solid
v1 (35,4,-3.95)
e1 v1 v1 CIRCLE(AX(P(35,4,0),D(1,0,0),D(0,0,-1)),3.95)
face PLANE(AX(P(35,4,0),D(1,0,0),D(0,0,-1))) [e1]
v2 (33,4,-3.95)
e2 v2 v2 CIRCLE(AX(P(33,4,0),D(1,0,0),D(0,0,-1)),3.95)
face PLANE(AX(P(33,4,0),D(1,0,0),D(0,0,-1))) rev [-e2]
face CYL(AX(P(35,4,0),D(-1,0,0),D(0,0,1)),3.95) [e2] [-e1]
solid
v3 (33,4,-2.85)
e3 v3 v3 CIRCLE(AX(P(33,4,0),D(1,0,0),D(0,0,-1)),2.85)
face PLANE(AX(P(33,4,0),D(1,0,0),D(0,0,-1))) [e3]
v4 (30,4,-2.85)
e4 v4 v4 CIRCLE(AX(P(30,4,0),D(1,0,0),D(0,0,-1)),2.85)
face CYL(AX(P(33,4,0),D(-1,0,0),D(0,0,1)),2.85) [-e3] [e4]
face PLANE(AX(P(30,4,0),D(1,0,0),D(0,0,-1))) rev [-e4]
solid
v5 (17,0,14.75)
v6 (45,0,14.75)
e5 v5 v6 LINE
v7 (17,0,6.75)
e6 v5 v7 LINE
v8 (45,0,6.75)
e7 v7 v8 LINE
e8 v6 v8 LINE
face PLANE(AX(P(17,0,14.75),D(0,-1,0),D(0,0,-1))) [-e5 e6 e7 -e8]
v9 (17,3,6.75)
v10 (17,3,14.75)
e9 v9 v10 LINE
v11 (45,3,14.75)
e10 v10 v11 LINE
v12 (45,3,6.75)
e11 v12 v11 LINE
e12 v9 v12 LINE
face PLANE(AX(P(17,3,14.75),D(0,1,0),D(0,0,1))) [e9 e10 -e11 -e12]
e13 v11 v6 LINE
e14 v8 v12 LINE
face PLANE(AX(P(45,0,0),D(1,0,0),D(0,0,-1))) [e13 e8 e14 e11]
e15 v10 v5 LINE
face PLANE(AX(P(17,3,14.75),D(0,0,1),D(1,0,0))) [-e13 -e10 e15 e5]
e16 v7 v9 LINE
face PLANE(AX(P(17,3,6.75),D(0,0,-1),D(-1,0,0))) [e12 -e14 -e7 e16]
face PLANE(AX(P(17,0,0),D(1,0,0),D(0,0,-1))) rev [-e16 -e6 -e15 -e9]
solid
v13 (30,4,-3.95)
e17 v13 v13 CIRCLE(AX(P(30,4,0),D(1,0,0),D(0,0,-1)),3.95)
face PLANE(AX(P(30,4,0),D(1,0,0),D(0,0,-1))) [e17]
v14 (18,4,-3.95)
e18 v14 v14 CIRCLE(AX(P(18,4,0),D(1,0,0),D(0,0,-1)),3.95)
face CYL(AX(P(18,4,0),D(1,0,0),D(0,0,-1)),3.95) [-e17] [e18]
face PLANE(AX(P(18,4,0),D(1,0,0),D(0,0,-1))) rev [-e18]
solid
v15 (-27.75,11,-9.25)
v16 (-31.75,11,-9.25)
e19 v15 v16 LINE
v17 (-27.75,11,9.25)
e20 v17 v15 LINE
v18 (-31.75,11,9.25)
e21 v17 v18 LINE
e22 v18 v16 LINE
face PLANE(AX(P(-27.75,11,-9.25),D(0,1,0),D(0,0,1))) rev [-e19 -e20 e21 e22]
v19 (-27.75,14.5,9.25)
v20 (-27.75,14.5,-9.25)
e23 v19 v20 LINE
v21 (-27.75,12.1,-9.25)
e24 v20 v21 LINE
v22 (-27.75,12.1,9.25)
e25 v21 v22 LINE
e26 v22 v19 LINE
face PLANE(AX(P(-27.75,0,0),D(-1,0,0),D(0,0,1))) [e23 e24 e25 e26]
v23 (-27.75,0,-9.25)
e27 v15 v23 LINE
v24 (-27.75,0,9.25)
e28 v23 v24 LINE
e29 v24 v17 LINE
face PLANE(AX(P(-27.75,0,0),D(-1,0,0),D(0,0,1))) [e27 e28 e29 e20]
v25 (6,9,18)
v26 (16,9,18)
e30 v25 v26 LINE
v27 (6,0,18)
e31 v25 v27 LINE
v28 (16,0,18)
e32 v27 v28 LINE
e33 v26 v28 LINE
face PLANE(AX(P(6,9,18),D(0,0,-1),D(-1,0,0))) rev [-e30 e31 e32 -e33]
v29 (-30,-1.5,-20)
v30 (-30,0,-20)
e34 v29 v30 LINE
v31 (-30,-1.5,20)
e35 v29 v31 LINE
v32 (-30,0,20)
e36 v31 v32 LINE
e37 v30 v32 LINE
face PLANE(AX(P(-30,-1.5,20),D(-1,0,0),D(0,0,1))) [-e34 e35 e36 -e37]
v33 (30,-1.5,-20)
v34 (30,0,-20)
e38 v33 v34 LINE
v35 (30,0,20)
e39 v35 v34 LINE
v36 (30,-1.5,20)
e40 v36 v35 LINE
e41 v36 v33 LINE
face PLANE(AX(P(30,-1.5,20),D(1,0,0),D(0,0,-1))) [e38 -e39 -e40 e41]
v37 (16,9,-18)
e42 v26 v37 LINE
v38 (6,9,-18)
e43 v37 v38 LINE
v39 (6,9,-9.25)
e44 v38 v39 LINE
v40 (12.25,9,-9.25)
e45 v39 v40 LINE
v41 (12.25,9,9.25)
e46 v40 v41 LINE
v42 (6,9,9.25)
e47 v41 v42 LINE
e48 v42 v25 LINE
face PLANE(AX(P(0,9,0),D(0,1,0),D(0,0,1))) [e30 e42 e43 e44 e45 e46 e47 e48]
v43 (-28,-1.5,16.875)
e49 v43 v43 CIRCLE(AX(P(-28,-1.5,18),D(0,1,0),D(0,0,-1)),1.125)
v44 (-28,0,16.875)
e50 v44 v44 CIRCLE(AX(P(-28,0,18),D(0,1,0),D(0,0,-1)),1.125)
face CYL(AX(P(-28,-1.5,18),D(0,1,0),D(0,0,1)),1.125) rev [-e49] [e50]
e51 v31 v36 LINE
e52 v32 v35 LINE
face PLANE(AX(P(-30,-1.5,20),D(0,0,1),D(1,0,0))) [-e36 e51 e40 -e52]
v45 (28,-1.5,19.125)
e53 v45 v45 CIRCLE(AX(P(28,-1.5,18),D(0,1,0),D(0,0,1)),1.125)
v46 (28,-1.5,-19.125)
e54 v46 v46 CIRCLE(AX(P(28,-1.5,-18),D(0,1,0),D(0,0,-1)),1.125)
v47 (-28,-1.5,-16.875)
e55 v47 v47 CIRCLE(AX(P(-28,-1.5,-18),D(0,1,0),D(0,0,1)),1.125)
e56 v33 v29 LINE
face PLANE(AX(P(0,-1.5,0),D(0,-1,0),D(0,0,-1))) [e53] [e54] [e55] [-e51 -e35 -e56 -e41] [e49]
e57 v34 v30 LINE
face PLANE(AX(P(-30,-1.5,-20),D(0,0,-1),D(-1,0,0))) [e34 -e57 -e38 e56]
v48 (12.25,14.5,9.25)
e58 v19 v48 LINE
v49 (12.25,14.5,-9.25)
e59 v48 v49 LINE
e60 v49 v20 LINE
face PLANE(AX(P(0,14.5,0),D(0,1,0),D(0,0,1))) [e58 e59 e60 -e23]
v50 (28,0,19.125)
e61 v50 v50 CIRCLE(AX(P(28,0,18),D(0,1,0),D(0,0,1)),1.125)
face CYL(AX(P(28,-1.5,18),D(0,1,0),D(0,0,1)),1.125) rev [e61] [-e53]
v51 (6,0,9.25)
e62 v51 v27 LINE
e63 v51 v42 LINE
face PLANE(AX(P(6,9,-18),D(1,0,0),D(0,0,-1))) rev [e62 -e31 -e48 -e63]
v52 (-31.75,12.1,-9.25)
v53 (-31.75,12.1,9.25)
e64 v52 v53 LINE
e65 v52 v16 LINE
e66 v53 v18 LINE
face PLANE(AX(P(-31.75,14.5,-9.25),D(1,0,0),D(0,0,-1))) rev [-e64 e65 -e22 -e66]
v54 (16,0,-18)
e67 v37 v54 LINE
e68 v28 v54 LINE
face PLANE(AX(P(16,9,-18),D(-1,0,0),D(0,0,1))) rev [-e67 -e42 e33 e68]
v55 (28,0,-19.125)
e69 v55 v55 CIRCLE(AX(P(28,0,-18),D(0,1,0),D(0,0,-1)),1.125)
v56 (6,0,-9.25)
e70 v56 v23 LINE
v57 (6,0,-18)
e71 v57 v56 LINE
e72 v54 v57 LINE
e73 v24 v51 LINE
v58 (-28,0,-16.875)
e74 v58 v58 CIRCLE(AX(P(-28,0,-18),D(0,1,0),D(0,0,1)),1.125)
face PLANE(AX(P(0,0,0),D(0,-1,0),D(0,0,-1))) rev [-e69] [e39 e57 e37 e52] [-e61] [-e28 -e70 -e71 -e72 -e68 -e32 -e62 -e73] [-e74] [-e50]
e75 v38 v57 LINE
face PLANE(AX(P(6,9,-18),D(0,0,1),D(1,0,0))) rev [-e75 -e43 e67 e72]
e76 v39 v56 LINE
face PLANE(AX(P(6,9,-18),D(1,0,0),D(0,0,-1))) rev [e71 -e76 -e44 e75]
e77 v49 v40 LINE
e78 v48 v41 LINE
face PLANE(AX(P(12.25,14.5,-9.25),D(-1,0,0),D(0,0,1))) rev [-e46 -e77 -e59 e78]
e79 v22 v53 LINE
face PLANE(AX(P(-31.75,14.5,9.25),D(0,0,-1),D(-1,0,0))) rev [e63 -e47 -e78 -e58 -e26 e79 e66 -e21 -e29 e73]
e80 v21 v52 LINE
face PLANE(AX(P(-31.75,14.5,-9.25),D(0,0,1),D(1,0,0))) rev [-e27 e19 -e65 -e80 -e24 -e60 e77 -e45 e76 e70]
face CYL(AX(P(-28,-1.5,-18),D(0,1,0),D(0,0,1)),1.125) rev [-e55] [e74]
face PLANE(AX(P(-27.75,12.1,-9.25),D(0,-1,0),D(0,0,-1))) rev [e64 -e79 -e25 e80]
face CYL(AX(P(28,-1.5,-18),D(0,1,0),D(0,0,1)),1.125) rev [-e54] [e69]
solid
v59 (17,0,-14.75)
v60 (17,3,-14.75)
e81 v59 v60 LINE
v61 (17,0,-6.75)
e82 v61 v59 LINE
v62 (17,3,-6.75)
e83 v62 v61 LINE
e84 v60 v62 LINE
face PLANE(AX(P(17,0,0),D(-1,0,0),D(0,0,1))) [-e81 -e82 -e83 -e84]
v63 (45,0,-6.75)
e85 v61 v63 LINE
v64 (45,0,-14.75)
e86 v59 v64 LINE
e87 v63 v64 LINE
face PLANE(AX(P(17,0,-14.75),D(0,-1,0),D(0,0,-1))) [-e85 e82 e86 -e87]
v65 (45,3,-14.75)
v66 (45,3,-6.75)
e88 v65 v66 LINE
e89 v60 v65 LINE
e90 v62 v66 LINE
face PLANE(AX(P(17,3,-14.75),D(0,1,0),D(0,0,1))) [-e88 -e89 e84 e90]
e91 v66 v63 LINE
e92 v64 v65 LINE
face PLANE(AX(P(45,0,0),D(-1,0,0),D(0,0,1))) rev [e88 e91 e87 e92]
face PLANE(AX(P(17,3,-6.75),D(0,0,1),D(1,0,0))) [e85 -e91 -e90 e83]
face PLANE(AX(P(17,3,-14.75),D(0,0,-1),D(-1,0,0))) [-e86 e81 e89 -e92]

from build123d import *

# Parameters (mm, degrees)
SKETCH1_W                  = 60
SKETCH1_H                  = 40
SKETCH1_R                  = 1.125
BOSS_EXTRUDE1_DEPTH        = 1.5
SKETCH2_R                  = 3.95
BOSS_EXTRUDE2_DEPTH        = 12
SKETCH4_R                  = 2.85
BOSS_EXTRUDE3_DEPTH        = 3
BOSS_EXTRUDE4_START        = 3
SKETCH2_2_R                = 3.95
BOSS_EXTRUDE4_DEPTH        = 2
BOSS_EXTRUDE5_DEPTH        = 15
BOSS_EXTRUDE5_DEPTH_BACK   = 13
SKETCH5_W                  = 8
SKETCH5_H                  = 3
BOSS_EXTRUDE5_2_DEPTH      = 15
BOSS_EXTRUDE5_2_DEPTH_BACK = 13
SKETCH6_W                  = 10
SKETCH6_H                  = 36
BOSS_EXTRUDE6_DEPTH        = 9
SKETCH11_W                 = 44
SKETCH11_H                 = 18.5
BOSS_EXTRUDE11_DEPTH       = 14.5
SKETCH12_W                 = 18.5
SKETCH12_H                 = 11
CUT_EXTRUDE1_DEPTH         = 4
SKETCH13_W                 = 18.5
SKETCH13_H                 = 2.4
CUT_EXTRUDE2_DEPTH         = 4


with BuildPart() as part:
    # Sketch1 → Boss-Extrude1 (new body)
    with BuildSketch(Plane(origin=(0, 0, 0), x_dir=(1, 0, 0), z_dir=(0, 1, 0))):
        Rectangle(SKETCH1_W, SKETCH1_H)
        with Locations((-28, 18)):
            Circle(SKETCH1_R, mode=Mode.SUBTRACT)
        with Locations((28, 18)):
            Circle(SKETCH1_R, mode=Mode.SUBTRACT)
        with Locations((-28, -18)):
            Circle(SKETCH1_R, mode=Mode.SUBTRACT)
        with Locations((28, -18)):
            Circle(SKETCH1_R, mode=Mode.SUBTRACT)
    extrude(amount=-BOSS_EXTRUDE1_DEPTH)

    # Sketch6 → Boss-Extrude6 (add)
    with BuildSketch(Plane(origin=(0, 0, 0), x_dir=(1, 0, 0), z_dir=(0, 1, 0))):
        with Locations((11, 0)):
            Rectangle(SKETCH6_W, SKETCH6_H)
    extrude(amount=BOSS_EXTRUDE6_DEPTH)

    # Sketch11 → Boss-Extrude11 (add)
    with BuildSketch(Plane(origin=(0, 0, 0), x_dir=(1, 0, 0), z_dir=(0, 1, 0))):
        with Locations((-9.75, 0)):
            Rectangle(SKETCH11_W, SKETCH11_H)
    extrude(amount=BOSS_EXTRUDE11_DEPTH)

    # Sketch12 → Cut-Extrude1 (cut)
    with BuildSketch(Plane.ZY.offset(31.75)):
        with Locations((0, 5.5)):
            Rectangle(SKETCH12_W, SKETCH12_H)
    extrude(amount=-CUT_EXTRUDE1_DEPTH, mode=Mode.SUBTRACT)

    # Sketch13 → Cut-Extrude2 (cut)
    with BuildSketch(Plane.ZY.offset(31.75)):
        with Locations((0, 13.3)):
            Rectangle(SKETCH13_W, SKETCH13_H)
    extrude(amount=-CUT_EXTRUDE2_DEPTH, mode=Mode.SUBTRACT)


with BuildPart() as body_2:
    # Sketch2 → Boss-Extrude2 (new body)
    with BuildSketch(Plane(origin=(30, 0, 0), x_dir=(0, 0, -1), z_dir=(1, 0, 0))):
        with Locations((0, 4)):
            Circle(SKETCH2_R)
    extrude(amount=-BOSS_EXTRUDE2_DEPTH)


with BuildPart() as body_3:
    # Sketch4 → Boss-Extrude3 (new body)
    with BuildSketch(Plane(origin=(30, 0, 0), x_dir=(0, 0, -1), z_dir=(1, 0, 0))):
        with Locations((0, 4)):
            Circle(SKETCH4_R)
    extrude(amount=BOSS_EXTRUDE3_DEPTH)


with BuildPart() as body_4:
    # Sketch2<2> → Boss-Extrude4 (new body)
    with BuildSketch(Plane(origin=(30, 0, 0), x_dir=(0, 0, -1), z_dir=(1, 0, 0)).offset(BOSS_EXTRUDE4_START)):
        with Locations((0, 4)):
            Circle(SKETCH2_2_R)
    extrude(amount=BOSS_EXTRUDE4_DEPTH)


with BuildPart() as body_5:
    # Sketch5 → Boss-Extrude5 (new, two sides: drawn at the far end of the back side and taken through both)
    with BuildSketch(Plane(origin=(30, 0, 0), x_dir=(0, 0, -1), z_dir=(1, 0, 0)).offset(-BOSS_EXTRUDE5_DEPTH_BACK)):
        with Locations((-10.75, 1.5)):
            Rectangle(SKETCH5_W, SKETCH5_H)
    extrude(amount=BOSS_EXTRUDE5_DEPTH + BOSS_EXTRUDE5_DEPTH_BACK)


with BuildPart() as body_6:
    # Sketch5 → Boss-Extrude5 2 (new, two sides: drawn at the far end of the back side and taken through both)
    with BuildSketch(Plane(origin=(30, 0, 0), x_dir=(0, 0, -1), z_dir=(1, 0, 0)).offset(-BOSS_EXTRUDE5_2_DEPTH_BACK)):
        with Locations((10.75, 1.5)):
            Rectangle(SKETCH5_W, SKETCH5_H)
    extrude(amount=BOSS_EXTRUDE5_2_DEPTH + BOSS_EXTRUDE5_2_DEPTH_BACK)


solid = Compound([part.part, body_2.part, body_3.part, body_4.part, body_5.part, body_6.part])
